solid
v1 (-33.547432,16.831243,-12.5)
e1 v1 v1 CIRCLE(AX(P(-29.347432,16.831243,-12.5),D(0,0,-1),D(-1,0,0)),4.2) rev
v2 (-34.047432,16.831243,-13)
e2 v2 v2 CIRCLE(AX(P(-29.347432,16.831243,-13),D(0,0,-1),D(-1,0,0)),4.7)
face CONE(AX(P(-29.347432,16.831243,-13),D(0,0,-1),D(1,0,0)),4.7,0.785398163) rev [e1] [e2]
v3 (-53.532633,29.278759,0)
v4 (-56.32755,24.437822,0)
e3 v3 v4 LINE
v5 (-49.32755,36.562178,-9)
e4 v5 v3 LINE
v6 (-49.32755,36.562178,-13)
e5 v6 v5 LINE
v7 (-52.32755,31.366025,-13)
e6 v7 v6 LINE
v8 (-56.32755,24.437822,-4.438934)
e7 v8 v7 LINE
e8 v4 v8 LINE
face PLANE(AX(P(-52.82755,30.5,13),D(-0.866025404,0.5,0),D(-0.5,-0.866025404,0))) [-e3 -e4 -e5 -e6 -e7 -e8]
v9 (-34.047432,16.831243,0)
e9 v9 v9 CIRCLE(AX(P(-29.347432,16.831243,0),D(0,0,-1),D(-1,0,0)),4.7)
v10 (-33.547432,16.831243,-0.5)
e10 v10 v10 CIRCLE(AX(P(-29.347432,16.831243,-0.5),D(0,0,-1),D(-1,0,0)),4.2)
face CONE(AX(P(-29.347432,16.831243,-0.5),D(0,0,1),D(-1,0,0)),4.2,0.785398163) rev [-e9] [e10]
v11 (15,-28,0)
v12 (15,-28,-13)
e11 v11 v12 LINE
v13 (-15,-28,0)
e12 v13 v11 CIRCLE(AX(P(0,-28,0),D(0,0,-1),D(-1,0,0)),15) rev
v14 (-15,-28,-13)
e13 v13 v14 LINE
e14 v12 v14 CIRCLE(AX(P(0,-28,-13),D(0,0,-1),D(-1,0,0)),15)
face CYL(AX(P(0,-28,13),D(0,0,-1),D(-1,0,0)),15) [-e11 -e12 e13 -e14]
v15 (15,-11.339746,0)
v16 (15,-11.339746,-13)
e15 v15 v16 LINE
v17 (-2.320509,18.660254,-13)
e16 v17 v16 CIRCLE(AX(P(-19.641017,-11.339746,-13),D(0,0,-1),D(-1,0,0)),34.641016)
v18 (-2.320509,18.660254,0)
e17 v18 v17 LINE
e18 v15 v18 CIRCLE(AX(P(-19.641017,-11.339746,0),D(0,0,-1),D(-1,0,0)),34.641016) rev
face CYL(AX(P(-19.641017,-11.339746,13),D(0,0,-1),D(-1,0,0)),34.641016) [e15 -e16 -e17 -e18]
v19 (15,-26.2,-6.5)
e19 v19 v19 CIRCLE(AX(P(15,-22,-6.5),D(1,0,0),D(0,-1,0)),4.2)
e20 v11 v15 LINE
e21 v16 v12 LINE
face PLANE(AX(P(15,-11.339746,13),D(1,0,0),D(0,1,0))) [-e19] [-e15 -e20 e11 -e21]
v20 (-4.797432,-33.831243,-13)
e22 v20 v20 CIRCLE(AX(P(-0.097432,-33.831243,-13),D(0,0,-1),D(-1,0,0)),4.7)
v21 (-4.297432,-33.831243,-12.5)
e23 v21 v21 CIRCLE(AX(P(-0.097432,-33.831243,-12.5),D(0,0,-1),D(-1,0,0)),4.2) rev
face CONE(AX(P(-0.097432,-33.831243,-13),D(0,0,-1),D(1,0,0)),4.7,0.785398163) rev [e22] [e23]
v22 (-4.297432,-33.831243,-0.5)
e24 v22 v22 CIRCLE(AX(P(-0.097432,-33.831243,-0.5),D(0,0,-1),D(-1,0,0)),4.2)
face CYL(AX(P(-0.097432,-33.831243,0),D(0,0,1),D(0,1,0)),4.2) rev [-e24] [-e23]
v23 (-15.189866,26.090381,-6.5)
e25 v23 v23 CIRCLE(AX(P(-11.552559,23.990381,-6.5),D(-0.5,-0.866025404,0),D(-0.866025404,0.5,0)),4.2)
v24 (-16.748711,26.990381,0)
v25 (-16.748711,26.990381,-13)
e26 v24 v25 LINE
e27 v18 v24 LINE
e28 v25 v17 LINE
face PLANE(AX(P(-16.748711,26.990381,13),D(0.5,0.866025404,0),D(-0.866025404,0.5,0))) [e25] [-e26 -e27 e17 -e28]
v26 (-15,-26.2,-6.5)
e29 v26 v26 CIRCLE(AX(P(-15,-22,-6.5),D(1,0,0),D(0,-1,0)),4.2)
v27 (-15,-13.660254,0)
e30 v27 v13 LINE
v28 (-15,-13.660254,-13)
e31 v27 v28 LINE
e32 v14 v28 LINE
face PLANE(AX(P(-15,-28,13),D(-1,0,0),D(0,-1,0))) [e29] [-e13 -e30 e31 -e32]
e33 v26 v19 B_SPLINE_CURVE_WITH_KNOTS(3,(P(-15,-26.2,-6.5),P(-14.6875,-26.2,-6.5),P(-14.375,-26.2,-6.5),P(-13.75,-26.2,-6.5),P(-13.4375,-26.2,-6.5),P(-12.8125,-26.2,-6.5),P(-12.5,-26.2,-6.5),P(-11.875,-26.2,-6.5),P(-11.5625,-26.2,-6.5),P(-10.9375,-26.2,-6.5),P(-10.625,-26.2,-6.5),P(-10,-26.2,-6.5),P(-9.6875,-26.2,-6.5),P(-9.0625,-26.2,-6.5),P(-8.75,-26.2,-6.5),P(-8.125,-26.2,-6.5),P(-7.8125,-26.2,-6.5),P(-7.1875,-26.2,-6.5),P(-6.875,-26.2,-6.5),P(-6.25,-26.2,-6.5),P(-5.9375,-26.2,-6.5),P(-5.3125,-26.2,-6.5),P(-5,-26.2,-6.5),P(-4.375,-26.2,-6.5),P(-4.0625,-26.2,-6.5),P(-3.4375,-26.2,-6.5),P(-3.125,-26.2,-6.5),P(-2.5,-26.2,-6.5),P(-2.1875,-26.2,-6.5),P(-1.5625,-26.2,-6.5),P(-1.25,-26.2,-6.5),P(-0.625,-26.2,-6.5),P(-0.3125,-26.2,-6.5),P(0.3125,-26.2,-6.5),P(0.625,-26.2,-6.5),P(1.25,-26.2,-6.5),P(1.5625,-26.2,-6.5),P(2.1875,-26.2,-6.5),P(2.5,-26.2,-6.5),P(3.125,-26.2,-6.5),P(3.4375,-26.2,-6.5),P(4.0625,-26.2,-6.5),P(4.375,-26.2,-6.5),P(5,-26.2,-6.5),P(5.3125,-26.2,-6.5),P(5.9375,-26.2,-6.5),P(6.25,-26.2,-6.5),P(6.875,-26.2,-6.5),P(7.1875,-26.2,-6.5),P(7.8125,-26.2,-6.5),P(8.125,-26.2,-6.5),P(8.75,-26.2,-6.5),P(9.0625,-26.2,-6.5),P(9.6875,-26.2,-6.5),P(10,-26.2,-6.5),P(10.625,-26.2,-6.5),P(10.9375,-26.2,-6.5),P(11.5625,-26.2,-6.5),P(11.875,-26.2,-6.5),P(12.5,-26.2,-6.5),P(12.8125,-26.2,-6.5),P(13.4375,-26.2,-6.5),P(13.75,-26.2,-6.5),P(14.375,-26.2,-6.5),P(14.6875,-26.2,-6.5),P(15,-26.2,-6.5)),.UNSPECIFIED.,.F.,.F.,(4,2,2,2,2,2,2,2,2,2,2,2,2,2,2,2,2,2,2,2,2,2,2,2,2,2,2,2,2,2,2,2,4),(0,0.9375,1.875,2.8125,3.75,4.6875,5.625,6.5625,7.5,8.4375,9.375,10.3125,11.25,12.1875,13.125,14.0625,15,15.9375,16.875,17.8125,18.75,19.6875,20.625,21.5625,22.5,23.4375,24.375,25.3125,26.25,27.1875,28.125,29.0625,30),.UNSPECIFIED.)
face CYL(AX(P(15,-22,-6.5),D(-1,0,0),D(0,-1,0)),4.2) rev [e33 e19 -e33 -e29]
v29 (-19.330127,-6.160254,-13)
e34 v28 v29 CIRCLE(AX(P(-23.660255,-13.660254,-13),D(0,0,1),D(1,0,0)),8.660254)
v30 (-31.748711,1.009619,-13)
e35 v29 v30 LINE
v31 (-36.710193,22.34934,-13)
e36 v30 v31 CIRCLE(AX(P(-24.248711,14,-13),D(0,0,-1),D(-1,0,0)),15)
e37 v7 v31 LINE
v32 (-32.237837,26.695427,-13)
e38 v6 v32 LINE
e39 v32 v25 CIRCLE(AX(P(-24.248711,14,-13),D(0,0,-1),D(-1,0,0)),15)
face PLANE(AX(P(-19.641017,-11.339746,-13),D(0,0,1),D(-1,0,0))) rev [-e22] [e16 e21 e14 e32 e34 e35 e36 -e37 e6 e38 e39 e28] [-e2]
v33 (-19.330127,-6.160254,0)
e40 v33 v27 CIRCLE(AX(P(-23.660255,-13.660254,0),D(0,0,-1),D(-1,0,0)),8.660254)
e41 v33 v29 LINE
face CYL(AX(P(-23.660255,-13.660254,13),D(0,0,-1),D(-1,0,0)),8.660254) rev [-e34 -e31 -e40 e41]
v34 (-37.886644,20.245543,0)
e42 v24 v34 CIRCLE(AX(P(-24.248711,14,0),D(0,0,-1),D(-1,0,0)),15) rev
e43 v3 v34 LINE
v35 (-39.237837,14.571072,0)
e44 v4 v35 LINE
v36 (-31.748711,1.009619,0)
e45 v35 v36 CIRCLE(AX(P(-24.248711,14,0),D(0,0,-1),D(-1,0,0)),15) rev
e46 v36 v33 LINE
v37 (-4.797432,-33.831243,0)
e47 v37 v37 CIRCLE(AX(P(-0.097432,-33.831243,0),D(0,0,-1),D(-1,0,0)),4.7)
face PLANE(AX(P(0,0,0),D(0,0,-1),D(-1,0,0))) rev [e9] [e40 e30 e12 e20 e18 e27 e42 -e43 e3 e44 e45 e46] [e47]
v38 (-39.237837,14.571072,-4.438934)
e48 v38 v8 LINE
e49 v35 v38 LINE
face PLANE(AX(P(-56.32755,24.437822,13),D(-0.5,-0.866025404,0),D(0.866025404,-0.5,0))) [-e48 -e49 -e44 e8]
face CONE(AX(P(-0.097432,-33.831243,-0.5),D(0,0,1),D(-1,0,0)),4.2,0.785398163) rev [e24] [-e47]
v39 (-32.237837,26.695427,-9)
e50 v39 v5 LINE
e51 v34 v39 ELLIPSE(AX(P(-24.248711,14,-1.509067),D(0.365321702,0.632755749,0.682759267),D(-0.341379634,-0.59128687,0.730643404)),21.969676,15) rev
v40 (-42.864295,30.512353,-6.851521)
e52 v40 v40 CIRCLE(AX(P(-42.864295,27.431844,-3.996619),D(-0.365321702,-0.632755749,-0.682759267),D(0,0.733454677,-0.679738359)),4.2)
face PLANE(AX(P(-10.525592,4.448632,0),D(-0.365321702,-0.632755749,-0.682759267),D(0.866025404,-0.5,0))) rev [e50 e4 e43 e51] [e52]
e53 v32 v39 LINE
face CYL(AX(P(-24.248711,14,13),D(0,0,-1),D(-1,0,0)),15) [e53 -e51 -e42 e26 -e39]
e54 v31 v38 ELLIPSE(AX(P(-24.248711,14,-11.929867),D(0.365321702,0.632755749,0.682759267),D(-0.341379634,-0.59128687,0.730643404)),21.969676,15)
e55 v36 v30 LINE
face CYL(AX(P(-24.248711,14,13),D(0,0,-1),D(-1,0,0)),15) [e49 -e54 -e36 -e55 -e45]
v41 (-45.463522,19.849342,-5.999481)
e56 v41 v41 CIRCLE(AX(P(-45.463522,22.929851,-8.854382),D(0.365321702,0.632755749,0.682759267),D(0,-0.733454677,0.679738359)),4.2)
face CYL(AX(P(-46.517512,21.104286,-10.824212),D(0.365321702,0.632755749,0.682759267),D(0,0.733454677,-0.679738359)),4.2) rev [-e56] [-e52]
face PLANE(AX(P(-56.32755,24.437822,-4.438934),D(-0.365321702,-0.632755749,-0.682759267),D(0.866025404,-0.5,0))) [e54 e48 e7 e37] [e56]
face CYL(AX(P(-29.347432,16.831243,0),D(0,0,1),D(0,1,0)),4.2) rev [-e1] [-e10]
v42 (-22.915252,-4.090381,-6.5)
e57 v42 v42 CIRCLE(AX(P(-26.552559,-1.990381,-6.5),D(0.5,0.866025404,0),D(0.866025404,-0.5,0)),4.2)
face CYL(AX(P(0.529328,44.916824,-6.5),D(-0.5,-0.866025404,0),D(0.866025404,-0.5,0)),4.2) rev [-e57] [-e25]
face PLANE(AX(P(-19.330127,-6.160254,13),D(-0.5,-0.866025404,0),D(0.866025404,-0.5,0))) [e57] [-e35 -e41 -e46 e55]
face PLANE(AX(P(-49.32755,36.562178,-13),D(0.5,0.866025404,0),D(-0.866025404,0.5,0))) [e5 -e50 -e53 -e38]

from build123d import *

# Parameters (mm, degrees)
BOSS_EXTRUDE1_DEPTH        = 13
CUT_EXTRUDE1_DEPTH         = 71.771362109
CUT_EXTRUDE2_DEPTH         = 62.040693778
F_8_4_8_4_DIAMETER_HOLE1_D = 8.4
CHAMFER2_SIZE              = 9
CHAMFER2_SIZE2             = 8.410167494
CHAMFER3_SIZE              = 8
CHAMFER3_SIZE2             = 8.56106612
SKETCH11_R                 = 4.2
CUT_EXTRUDE5_DEPTH         = 10
CHAMFER4_SIZE              = 0.5
SKETCH12_W                 = 893.834484117
SKETCH12_H                 = 134.722779032
CUT_EXTRUDE6_DEPTH         = 73.047156948


with BuildPart() as part:
    # Sketch1 → Boss-Extrude1 (new body)
    with BuildSketch(Plane(origin=(0, 0, 0), x_dir=(-1, 0, 0), z_dir=(0, 0, -1))):
        with BuildLine():
            Line((-14.999999535, -11.339745693), (-14.999999535, -27.999999731))
            ThreePointArc((-14.999999535, -27.999999731), (4.65e-07, -42.999999731), (15.000000465, -27.999999731))
            Line((15.000000465, -27.999999731), (15.000000465, -13.660253769))
            ThreePointArc((15.000000465, -13.660253769), (16.160254503, -9.33012675), (19.330127484, -6.160253769))
            Line((19.330127484, -6.160253769), (31.748711306, 1.009618943))
            ThreePointArc((31.748711306, 1.009618943), (37.239092363, 6.5), (39.248711306, 14))
            ThreePointArc((39.248711306, 14), (39.245992383, 14.285587643), (39.237836599, 14.571071754))
            Line((39.237836599, 14.571071754), (56.327549631, 24.437822174))
            Line((56.327549631, 24.437822174), (52.827549631, 30.5))
            Line((52.827549631, 30.5), (49.327549631, 36.562177826))
            Line((49.327549631, 36.562177826), (32.237836599, 26.695427407))
            ThreePointArc((32.237836599, 26.695427407), (31.994677998, 26.845232579), (31.748711306, 26.990381057))
            ThreePointArc((31.748711306, 26.990381057), (24.248711306, 29), (16.748711306, 26.990381057))
            Line((16.748711306, 26.990381057), (2.320508541, 18.660254307))
            ThreePointArc((2.320508541, 18.660254307), (-10.358983383, 5.980762382), (-14.999999535, -11.339745693))
        make_face()
    extrude(amount=-BOSS_EXTRUDE1_DEPTH)

    # Sketch2 → Cut-Extrude1 (cut, through all)
    with BuildSketch(Plane(origin=(-7.5, -12.990381057, 0), x_dir=(0.8660254037844388, -0.4999999999999997, 0), z_dir=(-0.4999999999999997, -0.8660254037844388, 0))):
        with BuildLine():
            ThreePointArc((-25.021227161, 9.417565156), (-22, 2.3), (-18.978772839, 9.417565156))
            ThreePointArc((-18.978772839, 9.417565156), (-22, 10.7), (-25.021227161, 9.417565156))
        make_face()
    extrude(amount=-CUT_EXTRUDE1_DEPTH, mode=Mode.SUBTRACT)

    # Sketch3 → Cut-Extrude2 (cut, through all)
    with BuildSketch(Plane.ZY.offset(15.000000465)):
        with BuildLine():
            ThreePointArc((9.417565156, -18.978772839), (2.3, -22), (9.417565156, -25.021227161))
            ThreePointArc((9.417565156, -25.021227161), (10.7, -22), (9.417565156, -18.978772839))
        make_face()
    extrude(amount=-CUT_EXTRUDE2_DEPTH, mode=Mode.SUBTRACT)

    # Ø8.4 (8.4) Diameter Hole1 (through all)
    with Locations(Plane(origin=(0, 0, 0), x_dir=(-1, 0, 0), z_dir=(0, 0, -1))):
        with Locations((29.347432097, 16.831243464), (0.097432097, -33.831242658)):
            Hole(F_8_4_8_4_DIAMETER_HOLE1_D / 2)

    # Chamfer2
    chamfer2_edges = [part.edges().sort_by_distance(p)[0] for p in [
        (-40.782693115, 31.628802617, 0),
    ]]
    chamfer2_side = [part.faces().sort_by_distance(p)[0] for p in [
        (-40.782693115, 31.628802617, 6.5),
    ]]
    chamfer(chamfer2_edges, length=CHAMFER2_SIZE, length2=CHAMFER2_SIZE2, reference=chamfer2_side[0])

    # Chamfer3
    chamfer3_edges = [part.edges().sort_by_distance(p)[0] for p in [
        (-47.782693115, 19.504446964, 13),
    ]]
    chamfer3_side = [part.faces().sort_by_distance(p)[0] for p in [
        (-11.809669845, -1.389258466, 13),
    ]]
    chamfer(chamfer3_edges, length=CHAMFER3_SIZE, length2=CHAMFER3_SIZE2, reference=chamfer3_side[0])

    # Sketch11 → Cut-Extrude5 (cut)
    with BuildSketch(Plane(origin=(-0.376401755, -0.651946963, 0.703467067), x_dir=(-0.9308491020683198, 0.2544179045973002, -0.2622812974630898), z_dir=(0.36532170182252927, 0.6327557486641282, -0.6827592670260799))):
        with Locations(Location((45.831104576, 22.456070648, 0), (0, 0, 89.523216635))):
            Circle(SKETCH11_R)
    extrude(amount=-CUT_EXTRUDE5_DEPTH, mode=Mode.SUBTRACT)

    # Chamfer4
    chamfer4_edges = [part.edges().sort_by_distance(p)[0] for p in [
        (-4.297432097, -33.831242658, 0),
        (-4.297432097, -33.831242658, 13),
        (-33.547432097, 16.831243464, 0),
        (-33.547432097, 16.831243464, 13),
    ]]
    chamfer(chamfer4_edges, length=CHAMFER4_SIZE)

    # Mirror1: part across plane


with BuildPart() as part_1:
    add(part.part)
    add(part.part.mirror(Plane(origin=(0, 0, 0), x_dir=(1, 0, 0), z_dir=(0, 0, -1))))

    # Sketch12 → Cut-Extrude6 (cut, through all)
    with BuildSketch(Plane(origin=(0, 0, 0), x_dir=(-1, 0, 0), z_dir=(0, 0, -1))):
        with Locations((15.524382534, -0.917202718)):
            Rectangle(SKETCH12_W, SKETCH12_H)
    extrude(amount=-CUT_EXTRUDE6_DEPTH, mode=Mode.SUBTRACT)


solid = part_1.part
